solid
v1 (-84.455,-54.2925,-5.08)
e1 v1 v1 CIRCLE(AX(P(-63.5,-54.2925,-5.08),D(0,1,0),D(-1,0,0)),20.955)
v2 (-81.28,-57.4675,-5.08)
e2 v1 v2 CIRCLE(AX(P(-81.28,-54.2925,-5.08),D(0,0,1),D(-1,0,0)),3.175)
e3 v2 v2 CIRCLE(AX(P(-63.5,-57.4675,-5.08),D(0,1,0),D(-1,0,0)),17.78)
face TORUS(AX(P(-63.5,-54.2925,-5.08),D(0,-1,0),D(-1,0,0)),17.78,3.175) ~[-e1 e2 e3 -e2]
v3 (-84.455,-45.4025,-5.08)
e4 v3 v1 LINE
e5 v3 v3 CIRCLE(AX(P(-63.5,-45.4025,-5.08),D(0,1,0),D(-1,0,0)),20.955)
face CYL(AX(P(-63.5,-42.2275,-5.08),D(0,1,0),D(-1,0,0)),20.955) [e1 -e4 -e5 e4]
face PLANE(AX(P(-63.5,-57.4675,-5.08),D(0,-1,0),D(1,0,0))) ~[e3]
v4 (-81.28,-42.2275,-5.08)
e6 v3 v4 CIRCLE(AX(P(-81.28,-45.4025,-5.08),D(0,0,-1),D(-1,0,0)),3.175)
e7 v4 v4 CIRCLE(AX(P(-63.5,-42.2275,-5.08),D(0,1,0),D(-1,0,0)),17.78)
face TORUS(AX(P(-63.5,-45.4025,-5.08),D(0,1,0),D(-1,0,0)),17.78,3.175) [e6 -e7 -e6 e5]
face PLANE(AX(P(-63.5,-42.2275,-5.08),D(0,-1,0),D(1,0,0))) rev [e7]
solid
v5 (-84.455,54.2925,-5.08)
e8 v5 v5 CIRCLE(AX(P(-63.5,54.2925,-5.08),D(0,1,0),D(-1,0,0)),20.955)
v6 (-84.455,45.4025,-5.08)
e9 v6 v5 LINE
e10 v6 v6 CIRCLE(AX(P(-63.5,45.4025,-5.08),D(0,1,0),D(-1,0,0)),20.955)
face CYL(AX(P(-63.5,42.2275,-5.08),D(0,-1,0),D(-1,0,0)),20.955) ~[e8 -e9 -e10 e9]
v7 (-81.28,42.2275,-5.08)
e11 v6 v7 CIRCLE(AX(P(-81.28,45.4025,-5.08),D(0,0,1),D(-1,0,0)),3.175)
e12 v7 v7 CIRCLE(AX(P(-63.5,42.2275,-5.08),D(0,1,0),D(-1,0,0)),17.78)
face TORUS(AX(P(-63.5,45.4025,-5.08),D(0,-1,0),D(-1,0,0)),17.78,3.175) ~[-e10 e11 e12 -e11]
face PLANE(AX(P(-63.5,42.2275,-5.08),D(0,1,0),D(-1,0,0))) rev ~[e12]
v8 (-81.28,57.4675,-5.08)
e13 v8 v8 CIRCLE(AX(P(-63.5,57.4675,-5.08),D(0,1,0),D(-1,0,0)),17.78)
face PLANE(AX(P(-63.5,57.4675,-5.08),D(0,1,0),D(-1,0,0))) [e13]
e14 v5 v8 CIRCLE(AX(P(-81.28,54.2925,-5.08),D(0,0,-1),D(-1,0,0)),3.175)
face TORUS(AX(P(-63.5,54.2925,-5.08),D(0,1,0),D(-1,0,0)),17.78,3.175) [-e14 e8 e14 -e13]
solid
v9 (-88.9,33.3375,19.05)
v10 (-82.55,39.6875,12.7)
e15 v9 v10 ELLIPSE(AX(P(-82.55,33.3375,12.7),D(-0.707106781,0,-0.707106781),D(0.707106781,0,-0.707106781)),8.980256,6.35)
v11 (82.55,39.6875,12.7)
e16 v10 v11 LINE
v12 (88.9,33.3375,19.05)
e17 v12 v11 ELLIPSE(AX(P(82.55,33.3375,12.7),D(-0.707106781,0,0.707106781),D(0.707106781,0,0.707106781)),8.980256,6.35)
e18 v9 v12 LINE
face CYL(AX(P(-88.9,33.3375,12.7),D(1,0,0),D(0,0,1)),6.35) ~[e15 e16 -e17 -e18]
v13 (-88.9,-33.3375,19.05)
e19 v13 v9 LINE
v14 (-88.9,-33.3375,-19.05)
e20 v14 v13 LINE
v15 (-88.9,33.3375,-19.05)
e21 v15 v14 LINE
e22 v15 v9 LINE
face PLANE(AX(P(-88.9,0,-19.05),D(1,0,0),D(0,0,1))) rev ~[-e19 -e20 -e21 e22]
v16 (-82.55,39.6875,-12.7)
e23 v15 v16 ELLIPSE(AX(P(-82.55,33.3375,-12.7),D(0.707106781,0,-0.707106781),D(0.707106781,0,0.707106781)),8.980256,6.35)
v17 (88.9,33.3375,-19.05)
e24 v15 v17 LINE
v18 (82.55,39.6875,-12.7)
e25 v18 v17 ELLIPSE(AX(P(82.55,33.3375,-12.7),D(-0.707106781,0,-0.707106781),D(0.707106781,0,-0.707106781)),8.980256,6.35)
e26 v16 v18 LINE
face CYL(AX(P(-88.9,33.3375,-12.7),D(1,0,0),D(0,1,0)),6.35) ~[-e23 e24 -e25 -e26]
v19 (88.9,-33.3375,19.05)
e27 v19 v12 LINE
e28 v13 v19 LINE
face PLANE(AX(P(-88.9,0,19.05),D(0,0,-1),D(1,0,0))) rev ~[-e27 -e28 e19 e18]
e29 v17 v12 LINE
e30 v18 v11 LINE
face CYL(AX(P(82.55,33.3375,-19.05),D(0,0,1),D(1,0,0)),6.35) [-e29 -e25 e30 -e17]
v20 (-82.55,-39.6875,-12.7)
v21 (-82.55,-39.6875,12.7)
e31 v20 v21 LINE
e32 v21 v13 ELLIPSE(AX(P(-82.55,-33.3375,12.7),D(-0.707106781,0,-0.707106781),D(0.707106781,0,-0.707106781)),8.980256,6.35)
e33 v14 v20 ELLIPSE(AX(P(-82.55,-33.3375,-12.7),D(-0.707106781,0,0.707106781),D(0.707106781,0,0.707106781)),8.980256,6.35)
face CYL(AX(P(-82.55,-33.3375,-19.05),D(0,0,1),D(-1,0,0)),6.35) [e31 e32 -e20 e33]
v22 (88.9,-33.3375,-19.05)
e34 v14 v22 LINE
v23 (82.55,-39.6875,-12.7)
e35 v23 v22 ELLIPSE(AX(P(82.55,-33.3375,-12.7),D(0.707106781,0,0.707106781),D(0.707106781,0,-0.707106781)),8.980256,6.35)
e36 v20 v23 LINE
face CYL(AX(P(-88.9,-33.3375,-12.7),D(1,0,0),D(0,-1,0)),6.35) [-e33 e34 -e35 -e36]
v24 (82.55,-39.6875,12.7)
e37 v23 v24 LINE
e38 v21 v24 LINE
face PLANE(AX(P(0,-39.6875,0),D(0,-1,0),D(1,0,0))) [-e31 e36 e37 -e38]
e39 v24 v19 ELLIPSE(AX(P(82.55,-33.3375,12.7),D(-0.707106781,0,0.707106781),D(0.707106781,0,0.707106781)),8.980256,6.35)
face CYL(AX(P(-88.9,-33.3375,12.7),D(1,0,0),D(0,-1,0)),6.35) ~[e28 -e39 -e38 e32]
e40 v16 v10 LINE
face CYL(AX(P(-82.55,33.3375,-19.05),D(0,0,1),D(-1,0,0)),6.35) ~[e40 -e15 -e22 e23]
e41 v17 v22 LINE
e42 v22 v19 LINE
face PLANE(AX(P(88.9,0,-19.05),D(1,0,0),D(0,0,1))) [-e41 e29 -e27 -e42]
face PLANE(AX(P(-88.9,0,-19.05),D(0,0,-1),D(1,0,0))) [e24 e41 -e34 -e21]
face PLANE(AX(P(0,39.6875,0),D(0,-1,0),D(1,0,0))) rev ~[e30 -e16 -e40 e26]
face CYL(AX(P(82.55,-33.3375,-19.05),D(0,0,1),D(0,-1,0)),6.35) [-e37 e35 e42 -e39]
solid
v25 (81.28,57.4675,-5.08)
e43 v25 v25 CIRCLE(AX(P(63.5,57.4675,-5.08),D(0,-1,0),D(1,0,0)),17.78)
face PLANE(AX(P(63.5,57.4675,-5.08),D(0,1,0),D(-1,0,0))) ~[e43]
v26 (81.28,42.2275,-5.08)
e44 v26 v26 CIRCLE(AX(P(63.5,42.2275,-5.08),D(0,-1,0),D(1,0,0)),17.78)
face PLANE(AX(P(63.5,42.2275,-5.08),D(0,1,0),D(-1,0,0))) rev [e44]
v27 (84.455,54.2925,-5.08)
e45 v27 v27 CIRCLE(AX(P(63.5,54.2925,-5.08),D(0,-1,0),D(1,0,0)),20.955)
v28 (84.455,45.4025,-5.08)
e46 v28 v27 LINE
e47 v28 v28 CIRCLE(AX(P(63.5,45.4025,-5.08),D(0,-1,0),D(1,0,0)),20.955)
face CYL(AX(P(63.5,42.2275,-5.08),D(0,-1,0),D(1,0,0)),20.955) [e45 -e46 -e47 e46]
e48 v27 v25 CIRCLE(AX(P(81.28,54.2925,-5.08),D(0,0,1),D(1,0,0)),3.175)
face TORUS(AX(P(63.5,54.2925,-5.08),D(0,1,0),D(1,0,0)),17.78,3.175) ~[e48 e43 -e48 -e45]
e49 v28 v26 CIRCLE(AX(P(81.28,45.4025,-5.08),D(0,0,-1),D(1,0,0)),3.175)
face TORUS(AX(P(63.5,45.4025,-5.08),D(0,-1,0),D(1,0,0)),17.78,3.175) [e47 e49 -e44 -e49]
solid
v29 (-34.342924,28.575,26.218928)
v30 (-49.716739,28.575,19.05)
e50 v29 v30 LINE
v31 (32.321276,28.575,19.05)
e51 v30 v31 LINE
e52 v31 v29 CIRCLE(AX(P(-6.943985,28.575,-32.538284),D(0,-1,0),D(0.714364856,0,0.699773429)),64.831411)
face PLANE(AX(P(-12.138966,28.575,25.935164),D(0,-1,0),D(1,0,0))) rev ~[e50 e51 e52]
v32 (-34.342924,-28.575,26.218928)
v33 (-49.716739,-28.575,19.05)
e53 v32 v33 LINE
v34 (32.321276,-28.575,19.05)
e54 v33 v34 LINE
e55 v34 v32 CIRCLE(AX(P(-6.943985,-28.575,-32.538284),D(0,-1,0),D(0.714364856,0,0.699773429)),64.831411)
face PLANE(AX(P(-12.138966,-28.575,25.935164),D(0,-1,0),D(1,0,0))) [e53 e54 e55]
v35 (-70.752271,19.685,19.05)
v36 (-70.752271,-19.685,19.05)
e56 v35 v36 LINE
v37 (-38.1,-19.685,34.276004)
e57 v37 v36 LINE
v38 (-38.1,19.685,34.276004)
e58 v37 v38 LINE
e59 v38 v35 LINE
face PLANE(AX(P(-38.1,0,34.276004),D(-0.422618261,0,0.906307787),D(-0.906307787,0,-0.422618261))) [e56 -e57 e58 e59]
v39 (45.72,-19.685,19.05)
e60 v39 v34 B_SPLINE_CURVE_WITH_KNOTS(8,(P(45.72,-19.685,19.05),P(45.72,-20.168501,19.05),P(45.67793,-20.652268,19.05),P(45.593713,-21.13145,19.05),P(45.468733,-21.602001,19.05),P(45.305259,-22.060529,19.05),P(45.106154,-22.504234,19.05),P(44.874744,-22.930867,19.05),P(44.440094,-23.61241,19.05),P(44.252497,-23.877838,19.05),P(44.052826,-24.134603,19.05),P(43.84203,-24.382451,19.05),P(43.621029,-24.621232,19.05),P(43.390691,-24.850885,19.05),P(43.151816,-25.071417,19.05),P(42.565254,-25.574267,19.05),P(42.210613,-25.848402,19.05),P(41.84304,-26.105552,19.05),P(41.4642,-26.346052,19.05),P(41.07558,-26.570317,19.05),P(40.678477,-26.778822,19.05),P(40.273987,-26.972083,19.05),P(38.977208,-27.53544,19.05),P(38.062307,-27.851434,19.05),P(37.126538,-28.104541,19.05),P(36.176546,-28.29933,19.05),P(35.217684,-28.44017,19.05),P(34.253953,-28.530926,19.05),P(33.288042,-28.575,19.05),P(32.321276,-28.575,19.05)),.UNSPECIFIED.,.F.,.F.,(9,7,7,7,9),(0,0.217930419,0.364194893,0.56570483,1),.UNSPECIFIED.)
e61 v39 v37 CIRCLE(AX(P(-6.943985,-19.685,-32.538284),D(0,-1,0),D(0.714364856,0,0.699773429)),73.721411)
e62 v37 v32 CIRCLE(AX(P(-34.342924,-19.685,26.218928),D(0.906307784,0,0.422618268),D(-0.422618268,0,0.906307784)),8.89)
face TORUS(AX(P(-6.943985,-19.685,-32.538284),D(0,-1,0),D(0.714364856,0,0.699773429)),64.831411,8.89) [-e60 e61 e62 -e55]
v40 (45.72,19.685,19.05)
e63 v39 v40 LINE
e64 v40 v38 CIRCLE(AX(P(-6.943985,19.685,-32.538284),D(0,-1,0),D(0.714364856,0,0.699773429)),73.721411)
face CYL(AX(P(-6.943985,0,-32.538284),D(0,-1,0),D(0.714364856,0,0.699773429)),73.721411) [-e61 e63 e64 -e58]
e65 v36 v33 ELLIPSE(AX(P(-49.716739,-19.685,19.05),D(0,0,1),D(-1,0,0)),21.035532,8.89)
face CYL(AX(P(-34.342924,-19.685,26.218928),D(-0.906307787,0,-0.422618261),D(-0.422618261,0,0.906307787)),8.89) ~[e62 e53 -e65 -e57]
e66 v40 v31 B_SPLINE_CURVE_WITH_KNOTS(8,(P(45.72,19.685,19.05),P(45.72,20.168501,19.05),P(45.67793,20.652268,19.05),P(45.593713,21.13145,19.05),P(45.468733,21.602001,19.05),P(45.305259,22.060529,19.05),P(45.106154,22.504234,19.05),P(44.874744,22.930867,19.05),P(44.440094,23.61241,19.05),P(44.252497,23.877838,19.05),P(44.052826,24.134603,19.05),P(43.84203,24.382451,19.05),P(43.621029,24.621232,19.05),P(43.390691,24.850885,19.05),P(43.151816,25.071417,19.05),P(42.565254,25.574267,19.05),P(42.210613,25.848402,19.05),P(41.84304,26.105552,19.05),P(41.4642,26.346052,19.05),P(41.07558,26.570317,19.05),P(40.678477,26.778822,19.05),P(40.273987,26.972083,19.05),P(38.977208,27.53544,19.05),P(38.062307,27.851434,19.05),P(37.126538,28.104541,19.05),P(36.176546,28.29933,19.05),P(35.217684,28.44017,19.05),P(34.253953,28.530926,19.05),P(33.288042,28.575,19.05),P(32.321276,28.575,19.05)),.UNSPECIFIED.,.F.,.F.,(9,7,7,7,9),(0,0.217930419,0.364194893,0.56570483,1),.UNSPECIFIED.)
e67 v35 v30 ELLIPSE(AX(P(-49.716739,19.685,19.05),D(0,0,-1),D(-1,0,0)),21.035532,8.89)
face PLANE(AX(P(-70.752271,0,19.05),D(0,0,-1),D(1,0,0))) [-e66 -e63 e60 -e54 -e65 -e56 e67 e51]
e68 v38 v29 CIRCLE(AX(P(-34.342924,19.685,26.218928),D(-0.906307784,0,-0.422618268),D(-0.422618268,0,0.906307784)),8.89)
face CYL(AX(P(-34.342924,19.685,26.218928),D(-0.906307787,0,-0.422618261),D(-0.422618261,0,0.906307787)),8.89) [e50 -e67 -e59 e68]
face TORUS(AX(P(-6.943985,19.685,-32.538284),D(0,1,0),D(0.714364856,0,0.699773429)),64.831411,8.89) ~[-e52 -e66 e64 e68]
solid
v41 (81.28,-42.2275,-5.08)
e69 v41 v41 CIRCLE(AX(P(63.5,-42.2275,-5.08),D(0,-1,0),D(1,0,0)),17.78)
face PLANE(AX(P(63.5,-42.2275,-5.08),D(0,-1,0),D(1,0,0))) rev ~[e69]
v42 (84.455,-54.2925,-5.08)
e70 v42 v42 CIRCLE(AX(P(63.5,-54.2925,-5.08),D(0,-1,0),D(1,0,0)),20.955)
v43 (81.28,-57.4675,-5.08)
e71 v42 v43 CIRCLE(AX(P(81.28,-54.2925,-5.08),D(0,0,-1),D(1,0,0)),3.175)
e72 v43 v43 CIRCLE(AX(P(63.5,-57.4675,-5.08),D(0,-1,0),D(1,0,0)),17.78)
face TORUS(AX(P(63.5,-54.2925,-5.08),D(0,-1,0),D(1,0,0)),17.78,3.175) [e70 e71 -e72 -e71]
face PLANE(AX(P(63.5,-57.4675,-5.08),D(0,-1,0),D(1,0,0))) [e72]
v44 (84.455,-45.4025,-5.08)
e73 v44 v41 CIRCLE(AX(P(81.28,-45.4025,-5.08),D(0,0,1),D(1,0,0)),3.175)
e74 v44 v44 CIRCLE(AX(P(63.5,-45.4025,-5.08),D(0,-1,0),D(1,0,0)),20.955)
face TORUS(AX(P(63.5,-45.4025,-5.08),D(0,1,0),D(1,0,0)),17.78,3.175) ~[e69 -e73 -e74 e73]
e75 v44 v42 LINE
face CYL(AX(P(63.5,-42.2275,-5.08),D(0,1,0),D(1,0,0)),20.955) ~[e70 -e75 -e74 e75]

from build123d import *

# Parameters (mm, degrees)
F1_W      = 177.8
F1_H      = 38.1
F2_DEPTH  = 39.6875
F4_R      = 20.955
F5_DEPTH  = 15.24
F6_R      = 3.175
F7_R      = 6.35
F11_DEPTH = 28.575
F12_R     = 8.89


with BuildPart() as f2:
    # F1 (on Front) → F2 (new body, symmetric)
    with BuildSketch(Plane.XZ):
        Rectangle(F1_W, F1_H)
    extrude(amount=F2_DEPTH, both=True)

    # F7
    f7_edges = [f2.edges().sort_by_distance(p)[0] for p in [
        (0, -39.6875, 19.05),
        (-88.9, -39.6875, 0),
        (0, -39.6875, -19.05),
        (88.9, -39.6875, 0),
        (0, 39.6875, 19.05),
        (-88.9, 39.6875, 0),
        (0, 39.6875, -19.05),
        (88.9, 39.6875, 0),
    ]]
    fillet(f7_edges, radius=F7_R)


with BuildPart() as f5:
    # F4 (on offset) → F5 (new body)
    with BuildSketch(Plane.XZ.offset(42.2275)):
        with Locations((63.5, -5.08)):
            Circle(F4_R)
    extrude(amount=F5_DEPTH)

    # F6
    f6_edges = [f5.edges().sort_by_distance(p)[0] for p in [
        (42.545, -57.4675, -5.08),
        (42.545, -42.2275, -5.08),
    ]]
    fillet(f6_edges, radius=F6_R)


with BuildPart() as f8_1:
    # F8: instance of F5
    add(f5.part.mirror(Plane.XZ))


with BuildPart() as f9_1:
    # F9: instance of F5
    add(f5.part.mirror(Plane.YZ))


with BuildPart() as f9_2:
    # F9: instance of F8_1
    add(f8_1.part.mirror(Plane.YZ))


with BuildPart() as f11:
    # F10 (on Front) → F11 (new body, symmetric)
    with BuildSketch(Plane.XZ):
        with BuildLine():
            Line((-38.1, 34.276004), (-70.752271, 19.05))
            Line((-70.752271, 19.05), (45.72, 19.05))
            ThreePointArc((45.72, 19.05), (6.231978, 39.996124), (-38.1, 34.276004))
        make_face()
    extrude(amount=F11_DEPTH, both=True)

    # F12
    f12_edges = [f11.edges().sort_by_distance(p)[0] for p in [
        (6.231978, -28.575, 39.996124),
        (6.231978, 28.575, 39.996124),
    ]]
    fillet(f12_edges, radius=F12_R)


solid = Compound([f2.part, f5.part, f8_1.part, f9_1.part, f9_2.part, f11.part])
